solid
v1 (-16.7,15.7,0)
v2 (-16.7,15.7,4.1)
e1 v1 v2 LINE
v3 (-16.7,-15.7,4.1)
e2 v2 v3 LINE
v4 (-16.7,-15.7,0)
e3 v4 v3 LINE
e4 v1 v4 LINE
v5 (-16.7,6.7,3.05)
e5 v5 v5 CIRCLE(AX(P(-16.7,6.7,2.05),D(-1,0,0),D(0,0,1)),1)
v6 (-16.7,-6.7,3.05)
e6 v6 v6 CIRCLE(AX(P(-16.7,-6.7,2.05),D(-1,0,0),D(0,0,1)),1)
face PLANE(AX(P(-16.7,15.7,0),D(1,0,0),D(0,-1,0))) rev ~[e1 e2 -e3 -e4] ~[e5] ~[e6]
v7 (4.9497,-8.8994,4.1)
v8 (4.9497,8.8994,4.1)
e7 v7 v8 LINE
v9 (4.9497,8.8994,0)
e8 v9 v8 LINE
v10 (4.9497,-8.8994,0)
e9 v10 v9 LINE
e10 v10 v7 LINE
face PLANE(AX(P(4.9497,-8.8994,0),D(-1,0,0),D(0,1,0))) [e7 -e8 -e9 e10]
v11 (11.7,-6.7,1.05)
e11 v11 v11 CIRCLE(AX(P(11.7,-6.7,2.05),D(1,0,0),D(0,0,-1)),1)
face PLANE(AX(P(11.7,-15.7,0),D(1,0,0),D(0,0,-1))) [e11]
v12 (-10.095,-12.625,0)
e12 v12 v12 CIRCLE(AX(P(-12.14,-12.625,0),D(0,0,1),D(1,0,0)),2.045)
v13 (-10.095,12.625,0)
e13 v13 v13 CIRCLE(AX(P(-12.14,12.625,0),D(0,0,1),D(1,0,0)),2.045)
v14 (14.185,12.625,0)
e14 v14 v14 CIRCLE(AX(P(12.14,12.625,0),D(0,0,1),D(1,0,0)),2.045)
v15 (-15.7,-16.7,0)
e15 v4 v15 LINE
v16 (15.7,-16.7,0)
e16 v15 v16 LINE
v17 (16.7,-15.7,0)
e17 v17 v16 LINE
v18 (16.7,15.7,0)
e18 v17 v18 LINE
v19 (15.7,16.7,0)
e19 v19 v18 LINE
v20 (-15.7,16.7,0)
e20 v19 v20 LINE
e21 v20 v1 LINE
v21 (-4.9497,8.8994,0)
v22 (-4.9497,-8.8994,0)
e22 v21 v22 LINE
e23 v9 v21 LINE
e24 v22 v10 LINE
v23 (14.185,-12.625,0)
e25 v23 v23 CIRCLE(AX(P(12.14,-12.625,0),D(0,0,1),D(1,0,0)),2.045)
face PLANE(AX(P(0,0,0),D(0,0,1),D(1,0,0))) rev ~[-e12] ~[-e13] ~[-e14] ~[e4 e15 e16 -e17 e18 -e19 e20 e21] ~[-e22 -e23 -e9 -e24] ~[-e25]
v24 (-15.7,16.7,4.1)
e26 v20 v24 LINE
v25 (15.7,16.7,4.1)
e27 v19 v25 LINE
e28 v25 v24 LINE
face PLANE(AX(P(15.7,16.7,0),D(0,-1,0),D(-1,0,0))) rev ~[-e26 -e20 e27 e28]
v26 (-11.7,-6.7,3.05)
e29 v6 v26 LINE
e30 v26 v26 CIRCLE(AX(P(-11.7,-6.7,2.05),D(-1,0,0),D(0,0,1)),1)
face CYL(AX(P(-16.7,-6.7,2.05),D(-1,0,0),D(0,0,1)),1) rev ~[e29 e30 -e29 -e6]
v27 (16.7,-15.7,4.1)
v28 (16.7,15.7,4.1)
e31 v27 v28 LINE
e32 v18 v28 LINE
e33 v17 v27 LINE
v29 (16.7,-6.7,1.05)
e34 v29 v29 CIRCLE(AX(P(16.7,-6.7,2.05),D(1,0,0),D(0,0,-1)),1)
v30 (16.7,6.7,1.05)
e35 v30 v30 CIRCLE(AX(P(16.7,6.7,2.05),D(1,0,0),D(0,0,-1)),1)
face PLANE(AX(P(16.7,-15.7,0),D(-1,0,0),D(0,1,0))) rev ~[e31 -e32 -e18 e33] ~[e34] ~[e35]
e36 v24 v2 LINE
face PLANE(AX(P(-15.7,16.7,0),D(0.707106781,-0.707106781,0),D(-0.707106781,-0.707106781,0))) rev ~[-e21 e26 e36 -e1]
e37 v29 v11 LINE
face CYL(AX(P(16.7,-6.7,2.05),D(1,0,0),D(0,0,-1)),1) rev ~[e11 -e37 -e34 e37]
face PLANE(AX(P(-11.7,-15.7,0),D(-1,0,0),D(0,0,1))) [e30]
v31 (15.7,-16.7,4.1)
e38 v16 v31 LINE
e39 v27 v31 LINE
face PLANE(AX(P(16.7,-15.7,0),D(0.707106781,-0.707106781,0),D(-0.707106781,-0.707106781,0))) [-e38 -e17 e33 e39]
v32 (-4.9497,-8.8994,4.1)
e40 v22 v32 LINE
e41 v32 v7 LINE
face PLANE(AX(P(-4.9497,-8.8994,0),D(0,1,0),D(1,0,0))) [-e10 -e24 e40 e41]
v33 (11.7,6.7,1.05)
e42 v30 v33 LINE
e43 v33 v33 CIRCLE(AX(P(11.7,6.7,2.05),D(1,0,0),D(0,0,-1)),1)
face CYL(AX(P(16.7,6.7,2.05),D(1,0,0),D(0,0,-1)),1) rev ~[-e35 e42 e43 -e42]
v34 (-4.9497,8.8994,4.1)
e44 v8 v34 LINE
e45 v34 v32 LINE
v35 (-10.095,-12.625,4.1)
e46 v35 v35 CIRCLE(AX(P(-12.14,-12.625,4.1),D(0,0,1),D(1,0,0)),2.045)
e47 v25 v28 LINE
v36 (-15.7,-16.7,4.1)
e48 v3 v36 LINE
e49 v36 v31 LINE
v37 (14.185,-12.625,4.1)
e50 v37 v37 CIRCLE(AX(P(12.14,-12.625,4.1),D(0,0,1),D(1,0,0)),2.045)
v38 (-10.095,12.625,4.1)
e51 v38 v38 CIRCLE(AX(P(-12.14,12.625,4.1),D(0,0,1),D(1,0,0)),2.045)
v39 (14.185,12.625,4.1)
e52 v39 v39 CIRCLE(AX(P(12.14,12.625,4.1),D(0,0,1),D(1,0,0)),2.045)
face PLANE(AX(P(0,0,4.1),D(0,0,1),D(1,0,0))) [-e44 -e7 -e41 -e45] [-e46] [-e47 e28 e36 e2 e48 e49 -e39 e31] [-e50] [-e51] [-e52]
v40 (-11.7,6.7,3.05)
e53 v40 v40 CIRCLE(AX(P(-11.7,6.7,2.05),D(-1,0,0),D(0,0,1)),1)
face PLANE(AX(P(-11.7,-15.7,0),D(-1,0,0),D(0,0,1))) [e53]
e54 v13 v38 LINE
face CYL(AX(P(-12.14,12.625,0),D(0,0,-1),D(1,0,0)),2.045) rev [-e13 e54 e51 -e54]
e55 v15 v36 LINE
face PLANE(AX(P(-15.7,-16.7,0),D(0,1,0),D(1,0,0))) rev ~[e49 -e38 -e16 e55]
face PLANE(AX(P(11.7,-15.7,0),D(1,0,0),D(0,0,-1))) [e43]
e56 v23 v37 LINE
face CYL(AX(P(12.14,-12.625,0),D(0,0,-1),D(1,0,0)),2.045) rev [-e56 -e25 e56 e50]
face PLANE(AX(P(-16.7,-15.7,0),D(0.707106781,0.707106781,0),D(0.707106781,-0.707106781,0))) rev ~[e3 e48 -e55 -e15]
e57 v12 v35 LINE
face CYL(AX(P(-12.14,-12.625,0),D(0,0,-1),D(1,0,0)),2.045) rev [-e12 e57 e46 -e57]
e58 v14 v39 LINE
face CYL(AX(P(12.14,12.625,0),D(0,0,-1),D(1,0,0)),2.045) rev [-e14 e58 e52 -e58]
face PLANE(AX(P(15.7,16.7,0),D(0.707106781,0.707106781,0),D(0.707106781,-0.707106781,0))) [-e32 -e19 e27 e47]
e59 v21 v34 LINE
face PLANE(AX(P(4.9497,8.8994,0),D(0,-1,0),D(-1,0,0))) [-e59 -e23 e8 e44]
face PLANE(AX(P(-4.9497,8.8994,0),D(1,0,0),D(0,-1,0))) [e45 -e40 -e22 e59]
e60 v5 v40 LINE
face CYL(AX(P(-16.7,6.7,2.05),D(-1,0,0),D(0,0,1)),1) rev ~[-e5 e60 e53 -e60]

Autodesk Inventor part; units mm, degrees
ref_plane "YZ Plane" through (0, 0, 0) normal (1, 0, 0) x (0, 1, 0)
ref_plane "XZ Plane" through (0, 0, 0) normal (0, 1, 0) x (-1, 0, 0)
ref_plane "XY Plane" through (0, 0, 0) normal (0, 0, 1) x (1, 0, 0)
sketch "Sketch3" plane through (0, 0, 0) normal (0, 0, 1) x (1, 0, 0)
  line L0 (-15.7, -16.7) -> (15.7, -16.7)
  line L1 (16.7, -15.7) -> (16.7, 15.7)
  line L2 (15.7, 16.7) -> (-15.7, 16.7)
  line L3 (-16.7, 15.7) -> (-16.7, -15.7)
  line L4 (-16.7, -16.7) -> (16.7, 16.7) construction
  line L5 (16.7, -16.7) -> (-16.7, 16.7) construction
  line L6 (-15.7, 16.7) -> (-16.7, 15.7)
  line L7 (15.7, 16.7) -> (16.7, 15.7)
  line L8 (16.7, -15.7) -> (15.7, -16.7)
  line L9 (-16.7, -15.7) -> (-15.7, -16.7)
  line L10 (-4.9497, -8.8994) -> (4.9497, -8.8994)
  line L11 (4.9497, -8.8994) -> (4.9497, 8.8994)
  line L12 (4.9497, 8.8994) -> (-4.9497, 8.8994)
  line L13 (-4.9497, 8.8994) -> (-4.9497, -8.8994)
  line L14 (-4.9497, -8.8994) -> (4.9497, 8.8994) construction
  line L15 (4.9497, -8.8994) -> (-4.9497, 8.8994) construction
  circle A0 centre (-12.14, 12.625) radius 2.045
  circle A1 centre (12.14, 12.625) radius 2.045
  line L16 (0, -16.7) -> (0, 16.7) construction
  circle A2 centre (-12.14, -12.625) radius 2.045
  circle A3 centre (12.14, -12.625) radius 2.045
  line L17 (12.14, 12.625) -> (-12.14, 12.625) construction
  line L18 (-12.14, 12.625) -> (-12.14, -12.625) construction
  line L19 (-12.14, -12.625) -> (12.14, -12.625) construction
  line L20 (12.14, -12.625) -> (12.14, 12.625) construction
  line L21 (-16.7, 0) -> (16.7, 0) construction
  point P0 (0, 0)
  point P1 (0, 0)
  dimension "d0" = 33.4
  dimension "d1" = 33.4
  dimension "d2" = 1
  dimension "d3" = 1
  dimension "d4" = 1
  dimension "d5" = 1
  dimension "d6" = 1
  dimension "d7" = 1
  dimension "d8" = 1
  dimension "d9" = 1
  dimension "d10" = 9.8994
  dimension "d11" = 17.7988
  dimension "d12" = 4.09
  dimension "d13" = 4.09
  dimension "d17" = 4.09
  dimension "d19" = 24.28
  dimension "d20" = 25.25
  dimension "d21" = 4.09
  dimension "d22" = 12.625
  dimension "d23" = 12.14
extrude "Extrusion1" add sketch "Sketch3" along normal blind 4.1
sketch "Sketch4" plane through (16.7, -15.7, 0) normal (1, 0, 0) x (0, 0, -1)
  circle A0 centre (-2.05, 22.4) radius 1
  circle A1 centre (-2.05, 9) radius 1
  line L0 (0, 32.4) -> (-4.1, 32.4) projected
  line L1 (0, -1) -> (-4.1, -1) projected
  line L2 (0, 0) -> (0, 31.4) projected
  line L3 (-4.1, 31.4) -> (-4.1, 32.4) projected
  point P0 (0, 15.7)
  dimension "d26" = 2
  dimension "d27" = 10
  dimension "d28" = 10
  dimension "d29" = 13.4
  dimension "d30" = 2.05
  dimension "d31" = 2.05
  dimension "d36" = 2
extrude "Extrusion2" cut sketch "Sketch4" against normal blind 5
sketch "Sketch6" plane through (-16.7, -15.7, 0) normal (-1, 0, 0) x (0, 0, 1)
  circle A0 centre (2.05, 22.4) radius 1 projected
  circle A1 centre (2.05, 22.4) radius 1
  circle A2 centre (2.05, 9) radius 1 projected
  circle A3 centre (2.05, 9) radius 1
  point P0 (0, 15.7)
extrude "Extrusion3" cut sketch "Sketch6" against normal blind 5
thread "Thread1" size "M2x0.4" class "6H" standard "ANSI Metric M Profile" full length
thread "Thread2" size "M2x0.4" class "6H" standard "ANSI Metric M Profile" full length
thread "Thread3" size "M2x0.4" class "6H" standard "ANSI Metric M Profile" full length
thread "Thread4" size "M2x0.4" class "6H" standard "ANSI Metric M Profile" full length
equation "\"d3\" = d2"
equation "\"d5\" = d4"
equation "\"d6\" = d4"
equation "\"d7\" = d6"
equation "\"d8\" = d4"
equation "\"d9\" = d8"
properties part number "WG18FLANGEHoled" material "Brass, Soft Yellow"
